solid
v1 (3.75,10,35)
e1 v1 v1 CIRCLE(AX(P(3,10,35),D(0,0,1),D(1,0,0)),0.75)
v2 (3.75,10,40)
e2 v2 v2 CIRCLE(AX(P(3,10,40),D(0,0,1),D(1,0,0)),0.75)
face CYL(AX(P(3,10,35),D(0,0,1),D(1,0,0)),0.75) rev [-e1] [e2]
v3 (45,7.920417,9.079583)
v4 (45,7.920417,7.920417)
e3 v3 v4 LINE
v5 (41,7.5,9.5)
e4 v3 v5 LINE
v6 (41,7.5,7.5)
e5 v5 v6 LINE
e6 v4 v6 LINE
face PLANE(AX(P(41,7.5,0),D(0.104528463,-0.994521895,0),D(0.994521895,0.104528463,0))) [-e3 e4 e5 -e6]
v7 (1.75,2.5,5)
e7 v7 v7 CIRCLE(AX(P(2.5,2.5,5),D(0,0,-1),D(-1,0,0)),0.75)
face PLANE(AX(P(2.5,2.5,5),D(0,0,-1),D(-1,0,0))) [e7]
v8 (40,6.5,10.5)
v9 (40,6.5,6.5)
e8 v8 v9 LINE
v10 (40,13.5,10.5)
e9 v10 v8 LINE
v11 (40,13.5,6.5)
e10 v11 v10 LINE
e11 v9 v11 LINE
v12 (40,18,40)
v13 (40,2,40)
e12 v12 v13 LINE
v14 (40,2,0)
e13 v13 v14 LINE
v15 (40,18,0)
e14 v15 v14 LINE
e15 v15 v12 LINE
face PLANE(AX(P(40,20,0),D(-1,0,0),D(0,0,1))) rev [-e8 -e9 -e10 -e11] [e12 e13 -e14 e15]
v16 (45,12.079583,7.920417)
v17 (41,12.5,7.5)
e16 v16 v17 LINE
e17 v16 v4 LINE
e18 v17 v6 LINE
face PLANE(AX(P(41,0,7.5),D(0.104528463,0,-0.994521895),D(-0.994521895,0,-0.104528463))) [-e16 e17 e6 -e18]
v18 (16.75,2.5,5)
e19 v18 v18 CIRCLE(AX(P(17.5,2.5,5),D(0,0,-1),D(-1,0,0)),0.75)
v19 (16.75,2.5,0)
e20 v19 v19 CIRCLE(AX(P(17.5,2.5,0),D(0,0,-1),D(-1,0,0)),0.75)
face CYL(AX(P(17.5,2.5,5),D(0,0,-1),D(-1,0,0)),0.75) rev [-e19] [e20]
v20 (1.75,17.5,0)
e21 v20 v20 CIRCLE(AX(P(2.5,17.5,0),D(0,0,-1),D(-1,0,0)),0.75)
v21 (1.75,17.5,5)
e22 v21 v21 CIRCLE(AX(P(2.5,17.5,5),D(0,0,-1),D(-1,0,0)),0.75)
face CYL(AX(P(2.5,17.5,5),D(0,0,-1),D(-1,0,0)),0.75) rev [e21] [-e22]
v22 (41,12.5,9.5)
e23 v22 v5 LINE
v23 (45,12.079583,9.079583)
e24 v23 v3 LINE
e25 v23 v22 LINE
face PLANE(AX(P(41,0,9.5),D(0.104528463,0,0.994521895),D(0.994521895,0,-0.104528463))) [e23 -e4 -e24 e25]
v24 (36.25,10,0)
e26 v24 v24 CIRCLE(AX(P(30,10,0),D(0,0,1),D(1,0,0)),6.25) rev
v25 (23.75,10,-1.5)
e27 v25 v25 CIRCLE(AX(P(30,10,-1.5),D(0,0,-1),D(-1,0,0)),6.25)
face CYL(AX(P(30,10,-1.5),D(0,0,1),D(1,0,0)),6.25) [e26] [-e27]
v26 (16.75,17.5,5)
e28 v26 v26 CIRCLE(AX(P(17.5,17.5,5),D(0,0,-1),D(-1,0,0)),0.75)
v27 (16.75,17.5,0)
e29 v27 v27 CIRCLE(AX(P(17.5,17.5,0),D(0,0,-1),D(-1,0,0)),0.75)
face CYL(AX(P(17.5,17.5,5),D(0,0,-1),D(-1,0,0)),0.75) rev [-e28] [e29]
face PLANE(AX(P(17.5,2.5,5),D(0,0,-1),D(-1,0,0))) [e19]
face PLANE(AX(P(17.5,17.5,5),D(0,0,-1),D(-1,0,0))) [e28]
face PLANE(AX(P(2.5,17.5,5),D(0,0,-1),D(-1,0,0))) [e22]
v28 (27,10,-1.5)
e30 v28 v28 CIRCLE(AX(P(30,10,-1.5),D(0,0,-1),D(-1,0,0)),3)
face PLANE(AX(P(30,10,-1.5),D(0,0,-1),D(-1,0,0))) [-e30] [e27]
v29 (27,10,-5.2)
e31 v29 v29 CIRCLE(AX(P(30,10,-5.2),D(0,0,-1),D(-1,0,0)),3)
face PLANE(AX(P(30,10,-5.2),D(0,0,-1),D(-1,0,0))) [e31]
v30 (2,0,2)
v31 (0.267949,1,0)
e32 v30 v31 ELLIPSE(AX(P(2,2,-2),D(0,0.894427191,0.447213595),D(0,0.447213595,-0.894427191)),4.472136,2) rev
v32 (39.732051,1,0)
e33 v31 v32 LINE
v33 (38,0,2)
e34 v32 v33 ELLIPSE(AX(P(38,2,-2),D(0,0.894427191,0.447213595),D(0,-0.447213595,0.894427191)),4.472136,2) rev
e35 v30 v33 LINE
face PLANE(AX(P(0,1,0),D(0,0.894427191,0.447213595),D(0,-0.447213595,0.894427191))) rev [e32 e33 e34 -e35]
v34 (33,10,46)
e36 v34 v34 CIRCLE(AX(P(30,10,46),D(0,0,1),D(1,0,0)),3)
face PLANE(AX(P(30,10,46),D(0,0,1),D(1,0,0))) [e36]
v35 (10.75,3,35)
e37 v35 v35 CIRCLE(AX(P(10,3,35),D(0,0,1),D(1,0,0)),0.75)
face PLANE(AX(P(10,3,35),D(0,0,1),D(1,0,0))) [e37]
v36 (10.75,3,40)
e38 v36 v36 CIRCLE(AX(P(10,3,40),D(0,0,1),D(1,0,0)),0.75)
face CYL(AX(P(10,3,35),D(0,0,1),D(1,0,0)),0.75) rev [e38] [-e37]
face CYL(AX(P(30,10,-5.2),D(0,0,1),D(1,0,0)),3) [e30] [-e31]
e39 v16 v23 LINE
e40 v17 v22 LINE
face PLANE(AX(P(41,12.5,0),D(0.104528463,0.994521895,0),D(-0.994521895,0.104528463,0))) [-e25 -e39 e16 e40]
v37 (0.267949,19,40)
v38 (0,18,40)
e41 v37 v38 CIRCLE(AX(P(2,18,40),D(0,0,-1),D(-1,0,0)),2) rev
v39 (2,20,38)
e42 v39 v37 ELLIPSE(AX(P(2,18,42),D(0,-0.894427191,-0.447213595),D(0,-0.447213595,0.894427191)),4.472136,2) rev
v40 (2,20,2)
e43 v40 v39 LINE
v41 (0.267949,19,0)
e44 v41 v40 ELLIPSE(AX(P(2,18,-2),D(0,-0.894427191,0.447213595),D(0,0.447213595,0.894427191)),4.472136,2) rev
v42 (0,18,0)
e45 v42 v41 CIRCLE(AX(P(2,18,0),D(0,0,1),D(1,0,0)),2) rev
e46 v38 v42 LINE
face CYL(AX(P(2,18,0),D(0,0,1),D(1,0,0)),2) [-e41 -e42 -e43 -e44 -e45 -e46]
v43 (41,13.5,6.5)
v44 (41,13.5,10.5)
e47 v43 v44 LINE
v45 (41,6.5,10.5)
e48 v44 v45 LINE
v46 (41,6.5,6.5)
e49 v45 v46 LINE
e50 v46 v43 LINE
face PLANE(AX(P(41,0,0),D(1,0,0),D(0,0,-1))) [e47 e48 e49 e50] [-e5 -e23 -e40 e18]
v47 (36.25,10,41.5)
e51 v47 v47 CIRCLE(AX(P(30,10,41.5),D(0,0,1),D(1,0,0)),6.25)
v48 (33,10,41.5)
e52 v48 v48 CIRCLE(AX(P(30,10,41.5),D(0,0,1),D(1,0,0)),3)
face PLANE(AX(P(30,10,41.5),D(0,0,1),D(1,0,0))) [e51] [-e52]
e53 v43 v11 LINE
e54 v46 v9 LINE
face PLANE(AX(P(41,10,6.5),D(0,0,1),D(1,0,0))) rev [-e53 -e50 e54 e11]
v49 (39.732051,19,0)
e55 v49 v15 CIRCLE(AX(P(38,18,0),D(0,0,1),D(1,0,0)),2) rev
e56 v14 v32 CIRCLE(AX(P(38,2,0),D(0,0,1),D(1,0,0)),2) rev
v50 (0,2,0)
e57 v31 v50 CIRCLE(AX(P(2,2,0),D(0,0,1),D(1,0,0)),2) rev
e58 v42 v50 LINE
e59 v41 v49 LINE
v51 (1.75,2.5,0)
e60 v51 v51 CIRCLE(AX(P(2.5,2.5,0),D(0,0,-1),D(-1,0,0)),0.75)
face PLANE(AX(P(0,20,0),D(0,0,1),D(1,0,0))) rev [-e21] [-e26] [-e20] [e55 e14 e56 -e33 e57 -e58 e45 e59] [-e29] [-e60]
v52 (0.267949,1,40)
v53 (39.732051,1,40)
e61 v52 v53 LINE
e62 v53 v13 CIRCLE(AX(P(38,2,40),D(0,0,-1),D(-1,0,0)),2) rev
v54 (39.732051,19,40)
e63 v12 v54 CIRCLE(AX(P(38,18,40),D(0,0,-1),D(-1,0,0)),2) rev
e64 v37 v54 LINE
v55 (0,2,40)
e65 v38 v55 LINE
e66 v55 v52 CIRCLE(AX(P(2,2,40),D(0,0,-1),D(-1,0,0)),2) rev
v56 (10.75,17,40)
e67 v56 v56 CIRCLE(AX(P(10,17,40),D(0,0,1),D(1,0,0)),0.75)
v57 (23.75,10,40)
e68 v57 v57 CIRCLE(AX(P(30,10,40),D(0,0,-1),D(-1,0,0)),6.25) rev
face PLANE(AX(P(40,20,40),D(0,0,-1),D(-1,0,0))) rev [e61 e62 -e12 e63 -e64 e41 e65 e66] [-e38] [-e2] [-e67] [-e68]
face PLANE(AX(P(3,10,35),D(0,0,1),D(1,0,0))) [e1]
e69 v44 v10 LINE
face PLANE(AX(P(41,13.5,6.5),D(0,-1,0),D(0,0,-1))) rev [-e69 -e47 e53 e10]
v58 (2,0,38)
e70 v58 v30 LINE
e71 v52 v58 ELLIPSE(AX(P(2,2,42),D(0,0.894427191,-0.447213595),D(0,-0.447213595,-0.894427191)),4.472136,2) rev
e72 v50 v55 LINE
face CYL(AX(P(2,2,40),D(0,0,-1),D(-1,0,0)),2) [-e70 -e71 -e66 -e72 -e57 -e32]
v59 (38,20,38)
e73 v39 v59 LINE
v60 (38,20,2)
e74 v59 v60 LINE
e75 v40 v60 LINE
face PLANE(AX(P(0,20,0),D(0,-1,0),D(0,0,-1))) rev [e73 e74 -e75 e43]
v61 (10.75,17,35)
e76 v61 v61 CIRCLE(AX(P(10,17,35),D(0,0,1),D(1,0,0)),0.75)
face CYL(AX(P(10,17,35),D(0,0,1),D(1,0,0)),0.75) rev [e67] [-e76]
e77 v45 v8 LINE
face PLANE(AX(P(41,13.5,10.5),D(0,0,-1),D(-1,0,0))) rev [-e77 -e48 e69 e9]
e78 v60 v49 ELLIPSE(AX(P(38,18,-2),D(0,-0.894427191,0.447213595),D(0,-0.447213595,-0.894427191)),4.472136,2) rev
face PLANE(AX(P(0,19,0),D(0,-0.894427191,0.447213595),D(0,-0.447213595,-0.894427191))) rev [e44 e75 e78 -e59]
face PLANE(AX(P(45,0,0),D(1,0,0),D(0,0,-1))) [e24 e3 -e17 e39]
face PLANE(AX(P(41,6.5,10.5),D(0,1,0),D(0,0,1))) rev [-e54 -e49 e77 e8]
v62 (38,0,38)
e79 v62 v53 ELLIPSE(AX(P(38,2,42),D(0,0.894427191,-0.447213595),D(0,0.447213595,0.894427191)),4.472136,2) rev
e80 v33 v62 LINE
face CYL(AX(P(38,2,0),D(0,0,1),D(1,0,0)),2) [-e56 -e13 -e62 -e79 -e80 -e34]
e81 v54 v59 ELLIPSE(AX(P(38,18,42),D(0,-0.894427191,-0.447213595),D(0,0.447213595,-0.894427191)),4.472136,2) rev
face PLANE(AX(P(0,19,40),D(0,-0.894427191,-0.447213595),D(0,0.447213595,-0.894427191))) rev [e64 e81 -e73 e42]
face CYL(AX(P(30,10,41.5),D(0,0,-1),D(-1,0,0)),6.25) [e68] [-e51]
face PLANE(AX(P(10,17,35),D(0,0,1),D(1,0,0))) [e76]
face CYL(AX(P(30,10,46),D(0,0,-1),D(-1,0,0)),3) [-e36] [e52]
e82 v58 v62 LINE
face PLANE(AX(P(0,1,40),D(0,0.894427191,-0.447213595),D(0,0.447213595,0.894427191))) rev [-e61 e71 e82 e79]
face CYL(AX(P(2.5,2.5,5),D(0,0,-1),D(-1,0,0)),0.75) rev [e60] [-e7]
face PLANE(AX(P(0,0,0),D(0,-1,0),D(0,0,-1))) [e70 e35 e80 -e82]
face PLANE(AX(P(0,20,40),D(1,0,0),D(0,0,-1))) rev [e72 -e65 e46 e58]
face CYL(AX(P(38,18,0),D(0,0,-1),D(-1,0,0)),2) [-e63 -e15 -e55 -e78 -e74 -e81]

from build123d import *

# Parameters (mm, degrees)
SKETCH_1_W          = 40
SKETCH_1_H          = 40
EXTRUDE_1_DEPTH     = 20
SKETCH_2_R          = 6.25
EXTRUDE_2_DEPTH     = 1.5
SKETCH_3_R          = 3
EXTRUDE_776_DEPTH   = 4.5
EXTRUDE_START       = 1.5
SKETCH_4_R          = 6.25
EXTRUDE_4_DEPTH     = 1.5
EXTRUDE_START_2     = 3.7
SKETCH_5_R          = 3
EXTRUDE_5_DEPTH     = 3.7
SKETCH_7_R          = 0.75
CUT_EXTRUDE_1_DEPTH = 5
SKETCH_8_R          = 0.75
CUT_EXTRUDE_2_DEPTH = 5
EXTRUDE_6_DEPTH     = 1
EXTRUDE_1947_DEPTH  = 4
EXTRUDE_1947_TAPER  = 6
CUT_EXTRUDE_3_DEPTH = 65.156059729
FILLET_1_R          = 2


with BuildPart() as part:
    # Эскиз1 → Бобышка-Вытянуть1 (new body)
    with BuildSketch(Plane(origin=(0, 0, 0), x_dir=(1, 0, 0), z_dir=(0, 1, 0))):
        with Locations((20, -20)):
            Rectangle(SKETCH_1_W, SKETCH_1_H)
    extrude(amount=EXTRUDE_1_DEPTH)

    # Эскиз2 → Бобышка-Вытянуть2 (add)
    with BuildSketch(Plane.XY.offset(40)):
        with Locations(Location((30, 10, 0), (0, 0, 180))):
            Circle(SKETCH_2_R)
    extrude(amount=EXTRUDE_2_DEPTH)

    # Эскиз3 → Extrude 776 (add)
    with BuildSketch(Plane.XY.offset(41.5)):
        with Locations((30, 10)):
            Circle(SKETCH_3_R)
    extrude(amount=EXTRUDE_776_DEPTH)

    # Эскиз4 → Бобышка-Вытянуть4 (add)
    with BuildSketch(Plane(origin=(0, 0, 0), x_dir=(-1, 0, 0), z_dir=(0, 0, -1)).offset(EXTRUDE_START)):
        with Locations((-30, 10)):
            Circle(SKETCH_4_R)
    extrude(amount=-EXTRUDE_4_DEPTH)

    # Эскиз5 → Бобышка-Вытянуть5 (add)
    with BuildSketch(Plane(origin=(0, 0, -1.5), x_dir=(-1, 0, 0), z_dir=(0, 0, -1)).offset(EXTRUDE_START_2)):
        with Locations(Location((-30, 10, 0), (0, 0, 180))):
            Circle(SKETCH_5_R)
    extrude(amount=-EXTRUDE_5_DEPTH)

    # Эскиз7 → Вырез-Вытянуть1 (cut)
    with BuildSketch(Plane(origin=(0, 0, 0), x_dir=(-1, 0, 0), z_dir=(0, 0, -1))):
        with Locations((-17.5, 17.5)):
            Circle(SKETCH_7_R)
        with Locations((-2.5, 17.5)):
            Circle(SKETCH_7_R)
        with Locations((-2.5, 2.5)):
            Circle(SKETCH_7_R)
        with Locations((-17.5, 2.5)):
            Circle(SKETCH_7_R)
    extrude(amount=-CUT_EXTRUDE_1_DEPTH, mode=Mode.SUBTRACT)

    # Эскиз8 → Вырез-Вытянуть2 (cut)
    with BuildSketch(Plane.XY.offset(40)):
        with Locations((10, 17)):
            Circle(SKETCH_8_R)
        with Locations((3, 10)):
            Circle(SKETCH_8_R)
        with Locations((10, 3)):
            Circle(SKETCH_8_R)
    extrude(amount=-CUT_EXTRUDE_2_DEPTH, mode=Mode.SUBTRACT)

    # Эскиз9 → Бобышка-Вытянуть6 (add)
    with BuildSketch(Plane(origin=(40, 0, 0), x_dir=(0, 0, -1), z_dir=(1, 0, 0))):
        Polygon((-6.5, 10), (-6.5, 13.5), (-10.5, 13.5), (-10.5, 6.5), (-6.5, 6.5), align=None)
    extrude(amount=EXTRUDE_6_DEPTH)

    # Эскиз10 → Extrude 1947 (add)
    with BuildSketch(Plane(origin=(41, 0, 0), x_dir=(0, 0, -1), z_dir=(1, 0, 0))):
        Polygon((-7.5, 12.5), (-8.5, 12.5), (-9.5, 12.5), (-9.5, 7.5), (-7.5, 7.5), align=None)
    extrude(amount=EXTRUDE_1947_DEPTH, taper=EXTRUDE_1947_TAPER)

    # Эскиз11 → Вырез-Вытянуть3 (cut, through all)
    with BuildSketch(Plane(origin=(40, 0, 0), x_dir=(0, 0, -1), z_dir=(1, 0, 0))):
        Polygon((-40, 20), (-38, 20), (-40, 19), align=None)
        Polygon((0, 20), (-2, 20), (0, 19), align=None)
        Polygon((0, 0), (-2, 0), (0, 1), align=None)
        Polygon((-40, 0), (-38, 0), (-40, 1), align=None)
    extrude(amount=-CUT_EXTRUDE_3_DEPTH, mode=Mode.SUBTRACT)

    # Скругление1
    fillet_1_edges = [part.edges().sort_by_distance(p)[0] for p in [
        (0, 0, 20),
        (0, 20, 20),
        (40, 0, 20),
        (40, 20, 20),
    ]]
    fillet(fillet_1_edges, radius=FILLET_1_R)


solid = part.part
